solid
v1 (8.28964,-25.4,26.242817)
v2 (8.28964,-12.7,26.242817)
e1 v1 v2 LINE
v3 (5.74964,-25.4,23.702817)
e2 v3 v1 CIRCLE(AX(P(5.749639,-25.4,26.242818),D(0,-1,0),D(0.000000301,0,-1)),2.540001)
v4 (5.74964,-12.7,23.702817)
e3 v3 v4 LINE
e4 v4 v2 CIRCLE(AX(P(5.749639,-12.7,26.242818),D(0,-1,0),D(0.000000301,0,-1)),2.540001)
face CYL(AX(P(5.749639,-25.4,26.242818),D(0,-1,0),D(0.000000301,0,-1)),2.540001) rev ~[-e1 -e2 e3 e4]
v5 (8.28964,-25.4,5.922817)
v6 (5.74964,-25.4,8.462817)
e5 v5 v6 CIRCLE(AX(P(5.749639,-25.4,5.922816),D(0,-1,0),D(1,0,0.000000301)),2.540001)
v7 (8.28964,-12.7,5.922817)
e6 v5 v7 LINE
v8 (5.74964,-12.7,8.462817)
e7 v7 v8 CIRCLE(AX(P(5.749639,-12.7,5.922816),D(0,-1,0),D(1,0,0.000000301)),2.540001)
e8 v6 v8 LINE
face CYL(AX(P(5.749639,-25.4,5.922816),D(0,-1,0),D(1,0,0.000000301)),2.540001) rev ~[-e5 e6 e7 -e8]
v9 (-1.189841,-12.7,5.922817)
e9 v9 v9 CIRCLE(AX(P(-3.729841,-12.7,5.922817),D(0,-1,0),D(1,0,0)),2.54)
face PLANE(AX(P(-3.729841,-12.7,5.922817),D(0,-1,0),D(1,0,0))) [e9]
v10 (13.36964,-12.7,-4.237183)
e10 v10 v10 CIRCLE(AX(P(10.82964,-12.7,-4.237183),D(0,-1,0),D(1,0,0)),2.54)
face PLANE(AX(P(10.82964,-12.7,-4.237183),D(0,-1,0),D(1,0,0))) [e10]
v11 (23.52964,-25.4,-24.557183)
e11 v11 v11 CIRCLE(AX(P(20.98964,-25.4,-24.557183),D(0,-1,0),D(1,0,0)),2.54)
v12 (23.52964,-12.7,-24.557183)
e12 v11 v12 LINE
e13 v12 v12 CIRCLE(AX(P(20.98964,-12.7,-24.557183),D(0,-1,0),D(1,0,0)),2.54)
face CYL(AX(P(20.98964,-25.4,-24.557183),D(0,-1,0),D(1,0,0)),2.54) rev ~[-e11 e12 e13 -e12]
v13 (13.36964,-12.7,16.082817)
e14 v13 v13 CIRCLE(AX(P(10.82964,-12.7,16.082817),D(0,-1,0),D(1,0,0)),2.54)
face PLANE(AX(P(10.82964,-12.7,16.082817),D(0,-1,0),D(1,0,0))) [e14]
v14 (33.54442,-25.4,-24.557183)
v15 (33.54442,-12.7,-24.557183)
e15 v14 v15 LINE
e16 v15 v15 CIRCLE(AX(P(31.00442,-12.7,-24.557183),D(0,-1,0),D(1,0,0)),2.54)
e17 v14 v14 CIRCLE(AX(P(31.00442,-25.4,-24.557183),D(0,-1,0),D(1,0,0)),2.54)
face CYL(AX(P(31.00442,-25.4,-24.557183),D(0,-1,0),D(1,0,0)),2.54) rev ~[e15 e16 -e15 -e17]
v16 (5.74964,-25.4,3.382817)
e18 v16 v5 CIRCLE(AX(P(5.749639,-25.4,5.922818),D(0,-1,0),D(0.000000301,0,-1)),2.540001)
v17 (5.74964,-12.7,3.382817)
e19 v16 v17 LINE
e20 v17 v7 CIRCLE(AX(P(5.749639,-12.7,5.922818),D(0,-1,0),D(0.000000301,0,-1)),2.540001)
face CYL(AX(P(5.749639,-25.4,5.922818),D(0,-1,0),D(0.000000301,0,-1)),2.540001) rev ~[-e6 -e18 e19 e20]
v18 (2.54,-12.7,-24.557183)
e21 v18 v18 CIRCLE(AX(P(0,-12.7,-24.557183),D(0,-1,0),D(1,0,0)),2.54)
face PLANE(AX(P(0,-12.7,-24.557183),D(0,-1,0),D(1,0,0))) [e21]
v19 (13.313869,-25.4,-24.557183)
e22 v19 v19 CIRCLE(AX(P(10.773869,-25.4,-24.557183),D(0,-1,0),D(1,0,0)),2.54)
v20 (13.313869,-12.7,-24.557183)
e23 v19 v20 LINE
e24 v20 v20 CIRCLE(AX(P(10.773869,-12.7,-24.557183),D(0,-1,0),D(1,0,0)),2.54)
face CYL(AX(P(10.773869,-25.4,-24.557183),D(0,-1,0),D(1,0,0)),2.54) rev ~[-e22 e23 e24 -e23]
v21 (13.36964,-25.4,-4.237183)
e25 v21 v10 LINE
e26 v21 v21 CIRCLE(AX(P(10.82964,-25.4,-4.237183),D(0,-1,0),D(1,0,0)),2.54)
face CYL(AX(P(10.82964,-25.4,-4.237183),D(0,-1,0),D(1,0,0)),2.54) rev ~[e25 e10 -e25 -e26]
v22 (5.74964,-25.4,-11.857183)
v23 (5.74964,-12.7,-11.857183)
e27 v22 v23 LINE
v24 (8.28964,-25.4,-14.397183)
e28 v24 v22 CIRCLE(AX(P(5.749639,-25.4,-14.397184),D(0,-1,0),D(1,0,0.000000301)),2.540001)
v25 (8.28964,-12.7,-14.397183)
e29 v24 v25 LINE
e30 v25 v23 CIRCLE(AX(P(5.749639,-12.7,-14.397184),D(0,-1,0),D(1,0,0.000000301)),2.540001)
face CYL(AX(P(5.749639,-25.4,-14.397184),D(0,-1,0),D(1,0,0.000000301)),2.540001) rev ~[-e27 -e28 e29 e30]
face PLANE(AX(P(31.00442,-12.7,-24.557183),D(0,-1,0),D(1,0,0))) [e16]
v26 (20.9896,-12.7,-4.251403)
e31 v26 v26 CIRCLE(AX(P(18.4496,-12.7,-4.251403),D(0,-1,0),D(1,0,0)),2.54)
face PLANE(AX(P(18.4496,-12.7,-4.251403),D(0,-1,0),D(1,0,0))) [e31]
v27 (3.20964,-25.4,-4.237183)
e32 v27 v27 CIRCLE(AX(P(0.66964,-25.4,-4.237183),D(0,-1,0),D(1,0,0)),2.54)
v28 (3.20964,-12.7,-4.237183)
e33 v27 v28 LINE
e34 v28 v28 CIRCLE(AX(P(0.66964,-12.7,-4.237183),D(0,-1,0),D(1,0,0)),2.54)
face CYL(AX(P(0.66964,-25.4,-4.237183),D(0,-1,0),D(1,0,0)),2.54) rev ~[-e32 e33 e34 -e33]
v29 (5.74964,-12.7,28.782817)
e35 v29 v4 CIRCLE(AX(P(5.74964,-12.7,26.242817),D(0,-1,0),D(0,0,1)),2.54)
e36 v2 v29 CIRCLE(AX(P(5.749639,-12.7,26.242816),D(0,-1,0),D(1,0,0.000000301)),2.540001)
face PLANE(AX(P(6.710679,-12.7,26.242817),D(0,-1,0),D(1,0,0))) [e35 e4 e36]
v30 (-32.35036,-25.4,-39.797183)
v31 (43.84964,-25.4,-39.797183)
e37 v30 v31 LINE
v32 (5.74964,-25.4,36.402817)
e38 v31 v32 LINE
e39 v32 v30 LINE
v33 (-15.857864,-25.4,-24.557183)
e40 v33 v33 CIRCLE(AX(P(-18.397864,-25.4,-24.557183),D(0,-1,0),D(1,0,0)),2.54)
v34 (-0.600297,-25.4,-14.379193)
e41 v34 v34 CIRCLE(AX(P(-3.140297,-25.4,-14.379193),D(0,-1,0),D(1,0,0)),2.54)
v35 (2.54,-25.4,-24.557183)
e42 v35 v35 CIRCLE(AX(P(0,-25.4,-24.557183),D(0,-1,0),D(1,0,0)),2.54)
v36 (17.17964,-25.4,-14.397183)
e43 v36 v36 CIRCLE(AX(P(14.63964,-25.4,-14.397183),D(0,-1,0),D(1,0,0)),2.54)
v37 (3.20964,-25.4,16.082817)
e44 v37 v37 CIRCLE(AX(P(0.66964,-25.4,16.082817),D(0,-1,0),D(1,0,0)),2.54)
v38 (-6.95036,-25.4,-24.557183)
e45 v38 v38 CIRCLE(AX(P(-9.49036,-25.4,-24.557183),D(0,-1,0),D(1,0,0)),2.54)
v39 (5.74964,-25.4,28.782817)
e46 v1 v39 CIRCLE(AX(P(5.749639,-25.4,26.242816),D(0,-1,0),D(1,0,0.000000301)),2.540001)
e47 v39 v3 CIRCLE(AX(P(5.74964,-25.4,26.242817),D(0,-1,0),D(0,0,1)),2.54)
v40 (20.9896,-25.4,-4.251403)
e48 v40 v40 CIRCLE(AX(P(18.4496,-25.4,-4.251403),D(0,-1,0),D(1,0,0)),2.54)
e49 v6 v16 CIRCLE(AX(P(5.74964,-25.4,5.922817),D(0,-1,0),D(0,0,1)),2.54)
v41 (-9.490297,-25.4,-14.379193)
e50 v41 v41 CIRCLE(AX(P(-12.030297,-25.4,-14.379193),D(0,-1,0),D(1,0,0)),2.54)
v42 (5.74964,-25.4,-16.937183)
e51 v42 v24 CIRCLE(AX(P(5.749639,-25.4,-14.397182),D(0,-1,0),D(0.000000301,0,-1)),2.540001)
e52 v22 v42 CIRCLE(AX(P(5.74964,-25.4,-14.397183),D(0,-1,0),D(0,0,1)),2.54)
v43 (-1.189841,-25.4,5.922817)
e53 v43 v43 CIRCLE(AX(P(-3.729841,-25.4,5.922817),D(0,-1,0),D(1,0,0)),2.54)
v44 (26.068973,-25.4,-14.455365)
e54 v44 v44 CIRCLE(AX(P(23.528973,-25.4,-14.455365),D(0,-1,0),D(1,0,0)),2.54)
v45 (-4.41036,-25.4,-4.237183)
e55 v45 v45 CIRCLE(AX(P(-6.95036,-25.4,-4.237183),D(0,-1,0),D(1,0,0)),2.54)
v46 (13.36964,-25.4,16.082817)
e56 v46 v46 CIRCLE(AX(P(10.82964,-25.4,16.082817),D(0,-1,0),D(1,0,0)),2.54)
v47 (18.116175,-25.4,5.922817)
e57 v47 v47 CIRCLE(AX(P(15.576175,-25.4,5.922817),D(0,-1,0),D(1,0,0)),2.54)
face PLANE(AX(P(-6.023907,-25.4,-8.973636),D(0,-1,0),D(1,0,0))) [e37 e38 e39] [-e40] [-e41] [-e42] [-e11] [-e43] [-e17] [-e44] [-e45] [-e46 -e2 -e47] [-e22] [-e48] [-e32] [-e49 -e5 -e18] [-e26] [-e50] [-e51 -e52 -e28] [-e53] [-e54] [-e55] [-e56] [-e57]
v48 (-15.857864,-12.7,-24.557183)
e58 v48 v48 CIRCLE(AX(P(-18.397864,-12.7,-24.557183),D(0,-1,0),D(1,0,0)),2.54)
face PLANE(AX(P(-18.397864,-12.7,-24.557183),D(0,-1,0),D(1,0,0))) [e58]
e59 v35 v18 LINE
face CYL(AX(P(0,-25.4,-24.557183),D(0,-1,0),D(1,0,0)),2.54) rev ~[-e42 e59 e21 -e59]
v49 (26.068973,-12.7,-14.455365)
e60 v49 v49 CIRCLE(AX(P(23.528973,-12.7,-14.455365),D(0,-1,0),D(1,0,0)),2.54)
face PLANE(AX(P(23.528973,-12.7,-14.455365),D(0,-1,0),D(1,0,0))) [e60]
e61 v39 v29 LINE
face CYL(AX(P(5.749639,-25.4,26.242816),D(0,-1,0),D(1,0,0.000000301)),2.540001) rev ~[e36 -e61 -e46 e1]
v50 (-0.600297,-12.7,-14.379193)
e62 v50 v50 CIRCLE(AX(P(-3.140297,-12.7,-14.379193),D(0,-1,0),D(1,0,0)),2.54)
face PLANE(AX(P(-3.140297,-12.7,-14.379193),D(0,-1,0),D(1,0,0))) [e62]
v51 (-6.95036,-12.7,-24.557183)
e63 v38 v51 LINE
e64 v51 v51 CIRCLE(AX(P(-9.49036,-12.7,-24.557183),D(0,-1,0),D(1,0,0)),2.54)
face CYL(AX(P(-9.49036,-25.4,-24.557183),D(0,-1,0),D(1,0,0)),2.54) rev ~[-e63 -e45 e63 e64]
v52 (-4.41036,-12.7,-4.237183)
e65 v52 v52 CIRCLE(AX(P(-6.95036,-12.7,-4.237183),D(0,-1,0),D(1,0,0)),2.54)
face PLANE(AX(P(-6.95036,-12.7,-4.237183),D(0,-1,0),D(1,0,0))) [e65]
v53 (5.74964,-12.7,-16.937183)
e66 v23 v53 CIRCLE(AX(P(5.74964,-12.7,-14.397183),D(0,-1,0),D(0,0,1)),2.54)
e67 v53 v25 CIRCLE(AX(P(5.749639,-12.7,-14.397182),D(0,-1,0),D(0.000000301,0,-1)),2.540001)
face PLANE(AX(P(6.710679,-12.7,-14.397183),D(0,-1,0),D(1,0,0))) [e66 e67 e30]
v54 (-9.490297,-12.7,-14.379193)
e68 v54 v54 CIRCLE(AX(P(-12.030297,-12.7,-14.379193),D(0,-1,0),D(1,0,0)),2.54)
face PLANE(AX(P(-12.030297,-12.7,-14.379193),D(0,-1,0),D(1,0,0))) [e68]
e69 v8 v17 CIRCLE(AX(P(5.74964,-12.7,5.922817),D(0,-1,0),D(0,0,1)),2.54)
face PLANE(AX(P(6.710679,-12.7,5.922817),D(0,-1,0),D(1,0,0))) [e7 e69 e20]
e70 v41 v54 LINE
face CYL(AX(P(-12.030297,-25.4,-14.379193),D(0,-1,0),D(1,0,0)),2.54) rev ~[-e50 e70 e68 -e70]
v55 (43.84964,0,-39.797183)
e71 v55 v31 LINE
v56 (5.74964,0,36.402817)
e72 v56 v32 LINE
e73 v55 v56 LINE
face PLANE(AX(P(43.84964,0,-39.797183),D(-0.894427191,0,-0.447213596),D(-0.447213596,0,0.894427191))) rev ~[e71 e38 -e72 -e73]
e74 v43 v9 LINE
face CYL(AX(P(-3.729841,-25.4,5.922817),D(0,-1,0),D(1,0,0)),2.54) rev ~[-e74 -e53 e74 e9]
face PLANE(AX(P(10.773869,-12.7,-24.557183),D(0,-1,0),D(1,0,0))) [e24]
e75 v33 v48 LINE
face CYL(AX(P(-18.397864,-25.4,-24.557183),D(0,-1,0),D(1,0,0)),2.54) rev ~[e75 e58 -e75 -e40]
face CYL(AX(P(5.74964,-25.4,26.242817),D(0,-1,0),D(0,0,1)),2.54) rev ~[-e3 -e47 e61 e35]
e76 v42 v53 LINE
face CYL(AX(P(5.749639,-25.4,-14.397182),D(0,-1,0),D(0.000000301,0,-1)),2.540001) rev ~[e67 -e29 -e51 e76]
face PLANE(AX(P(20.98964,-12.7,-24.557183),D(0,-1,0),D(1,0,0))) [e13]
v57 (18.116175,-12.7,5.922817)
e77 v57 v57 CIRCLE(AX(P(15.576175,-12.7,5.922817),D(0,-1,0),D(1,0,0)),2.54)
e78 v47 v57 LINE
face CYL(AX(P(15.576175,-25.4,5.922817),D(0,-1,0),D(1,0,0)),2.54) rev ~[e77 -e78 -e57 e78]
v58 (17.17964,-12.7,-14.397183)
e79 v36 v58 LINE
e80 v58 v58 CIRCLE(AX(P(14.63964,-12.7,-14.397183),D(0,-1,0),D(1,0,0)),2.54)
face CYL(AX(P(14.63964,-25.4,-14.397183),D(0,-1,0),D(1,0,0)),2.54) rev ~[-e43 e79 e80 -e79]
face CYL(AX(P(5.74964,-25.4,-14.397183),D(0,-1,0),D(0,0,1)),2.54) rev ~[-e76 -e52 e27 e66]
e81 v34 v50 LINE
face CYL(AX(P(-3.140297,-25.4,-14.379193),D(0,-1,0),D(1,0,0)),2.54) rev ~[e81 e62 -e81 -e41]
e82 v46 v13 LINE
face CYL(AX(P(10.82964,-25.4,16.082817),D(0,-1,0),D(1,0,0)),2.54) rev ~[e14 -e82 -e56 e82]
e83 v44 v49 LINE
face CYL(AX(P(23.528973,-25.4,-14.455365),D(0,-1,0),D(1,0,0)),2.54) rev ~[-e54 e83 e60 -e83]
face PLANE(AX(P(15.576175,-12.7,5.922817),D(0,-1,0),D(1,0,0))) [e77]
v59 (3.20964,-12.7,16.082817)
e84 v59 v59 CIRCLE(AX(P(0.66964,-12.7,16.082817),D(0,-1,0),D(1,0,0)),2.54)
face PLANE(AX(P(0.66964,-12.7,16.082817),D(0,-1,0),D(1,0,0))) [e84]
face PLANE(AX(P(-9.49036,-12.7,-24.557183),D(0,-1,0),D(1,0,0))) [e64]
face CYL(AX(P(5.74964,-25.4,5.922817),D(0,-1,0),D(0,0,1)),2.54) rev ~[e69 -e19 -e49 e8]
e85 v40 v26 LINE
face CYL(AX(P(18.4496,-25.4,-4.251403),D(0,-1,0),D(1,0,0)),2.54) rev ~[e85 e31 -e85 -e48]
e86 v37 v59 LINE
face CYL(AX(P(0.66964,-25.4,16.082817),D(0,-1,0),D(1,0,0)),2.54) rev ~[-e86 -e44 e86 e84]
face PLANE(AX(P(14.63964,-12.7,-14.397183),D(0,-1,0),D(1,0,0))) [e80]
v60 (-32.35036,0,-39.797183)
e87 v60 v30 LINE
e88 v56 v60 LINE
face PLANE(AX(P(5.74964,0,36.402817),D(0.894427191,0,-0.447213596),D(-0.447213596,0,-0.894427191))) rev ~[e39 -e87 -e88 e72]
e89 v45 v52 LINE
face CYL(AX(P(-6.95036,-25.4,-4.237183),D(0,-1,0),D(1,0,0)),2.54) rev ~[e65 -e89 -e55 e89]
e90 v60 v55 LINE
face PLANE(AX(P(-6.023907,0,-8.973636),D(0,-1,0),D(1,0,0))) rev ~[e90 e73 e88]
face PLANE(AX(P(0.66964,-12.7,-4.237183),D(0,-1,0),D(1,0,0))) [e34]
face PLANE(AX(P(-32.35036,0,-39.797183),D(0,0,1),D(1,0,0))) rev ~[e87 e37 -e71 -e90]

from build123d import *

# Parameters (mm, degrees)
F1_DEPTH = 25.4
F2_R     = 2.54
F3_DEPTH = 12.7


with BuildPart() as f1:
    # F0 (on Front) → F1 (new body)
    with BuildSketch(Plane.XZ):
        Polygon((5.74964, 36.402817), (-32.35036, -39.797183), (5.74964, -39.797183), (5.74964, 34.851611), align=None)
        Polygon((5.74964, 34.851611), (5.74964, -39.797183), (43.84964, -39.797183), (5.74964, 36.402817), align=None)
    extrude(amount=F1_DEPTH)

    # F2 (on face) → F3 (cut)
    with BuildSketch(Plane.XZ.offset(25.4)):
        with BuildLine():
            ThreePointArc((8.28964, 26.242817), (7.545691, 28.038868), (5.74964, 28.782817))
            Line((5.74964, 28.782817), (5.74964, 26.242817))
            Line((5.74964, 26.242817), (5.74964, 23.702817))
            ThreePointArc((5.74964, 23.702817), (7.545691, 24.446766), (8.28964, 26.242817))
        make_face()
        with BuildLine():
            ThreePointArc((8.28964, -14.397183), (7.545691, -12.601132), (5.74964, -11.857183))
            Line((5.74964, -11.857183), (5.74964, -14.397183))
            Line((5.74964, -14.397183), (5.74964, -16.937183))
            ThreePointArc((5.74964, -16.937183), (7.545691, -16.193234), (8.28964, -14.397183))
        make_face()
        with BuildLine():
            Line((5.74964, -14.397183), (5.74964, -11.857183))
            ThreePointArc((5.74964, -11.857183), (3.20964, -14.397183), (5.74964, -16.937183))
            Line((5.74964, -16.937183), (5.74964, -14.397183))
        make_face()
        with BuildLine():
            ThreePointArc((8.28964, 5.922817), (7.545691, 7.718868), (5.74964, 8.462817))
            Line((5.74964, 8.462817), (5.74964, 5.922817))
            Line((5.74964, 5.922817), (5.74964, 3.382817))
            ThreePointArc((5.74964, 3.382817), (7.545691, 4.126766), (8.28964, 5.922817))
        make_face()
        with BuildLine():
            Line((5.74964, 5.922817), (5.74964, 8.462817))
            ThreePointArc((5.74964, 8.462817), (3.20964, 5.922817), (5.74964, 3.382817))
            Line((5.74964, 3.382817), (5.74964, 5.922817))
        make_face()
        with BuildLine():
            Line((5.74964, 26.242817), (5.74964, 28.782817))
            ThreePointArc((5.74964, 28.782817), (3.20964, 26.242817), (5.74964, 23.702817))
            Line((5.74964, 23.702817), (5.74964, 26.242817))
        make_face()
        with Locations((0.66964, 16.082817)):
            Circle(F2_R)
        with Locations((10.82964, 16.082817)):
            Circle(F2_R)
        with Locations((-3.729841, 5.922817)):
            Circle(F2_R)
        with BuildLine():
            ThreePointArc((13.036175, 5.922817), (15.576175, 3.382817), (18.116175, 5.922817))
            ThreePointArc((18.116175, 5.922817), (15.576175, 8.462817), (13.036175, 5.922817))
        make_face()
        with Locations((0.66964, -4.237183)):
            Circle(F2_R)
        with Locations((-6.95036, -4.237183)):
            Circle(F2_R)
        with Locations((10.82964, -4.237183)):
            Circle(F2_R)
        with Locations((18.4496, -4.251403)):
            Circle(F2_R)
        with Locations((-3.140297, -14.379193)):
            Circle(F2_R)
        with Locations((-12.030297, -14.379193)):
            Circle(F2_R)
        with BuildLine():
            ThreePointArc((12.09964, -14.397183), (14.63964, -16.937183), (17.17964, -14.397183))
            ThreePointArc((17.17964, -14.397183), (14.63964, -11.857183), (12.09964, -14.397183))
        make_face()
        with BuildLine():
            ThreePointArc((20.988973, -14.455365), (23.528973, -16.995365), (26.068973, -14.455365))
            ThreePointArc((26.068973, -14.455365), (23.528973, -11.915365), (20.988973, -14.455365))
        make_face()
        with Locations((0, -24.557183)):
            Circle(F2_R)
        with Locations((-9.49036, -24.557183)):
            Circle(F2_R)
        with Locations((-18.397864, -24.557183)):
            Circle(F2_R)
        with Locations((10.773869, -24.557183)):
            Circle(F2_R)
        with Locations((20.98964, -24.557183)):
            Circle(F2_R)
        with Locations((31.00442, -24.557183)):
            Circle(F2_R)
    extrude(amount=-F3_DEPTH, mode=Mode.SUBTRACT)


solid = f1.part
